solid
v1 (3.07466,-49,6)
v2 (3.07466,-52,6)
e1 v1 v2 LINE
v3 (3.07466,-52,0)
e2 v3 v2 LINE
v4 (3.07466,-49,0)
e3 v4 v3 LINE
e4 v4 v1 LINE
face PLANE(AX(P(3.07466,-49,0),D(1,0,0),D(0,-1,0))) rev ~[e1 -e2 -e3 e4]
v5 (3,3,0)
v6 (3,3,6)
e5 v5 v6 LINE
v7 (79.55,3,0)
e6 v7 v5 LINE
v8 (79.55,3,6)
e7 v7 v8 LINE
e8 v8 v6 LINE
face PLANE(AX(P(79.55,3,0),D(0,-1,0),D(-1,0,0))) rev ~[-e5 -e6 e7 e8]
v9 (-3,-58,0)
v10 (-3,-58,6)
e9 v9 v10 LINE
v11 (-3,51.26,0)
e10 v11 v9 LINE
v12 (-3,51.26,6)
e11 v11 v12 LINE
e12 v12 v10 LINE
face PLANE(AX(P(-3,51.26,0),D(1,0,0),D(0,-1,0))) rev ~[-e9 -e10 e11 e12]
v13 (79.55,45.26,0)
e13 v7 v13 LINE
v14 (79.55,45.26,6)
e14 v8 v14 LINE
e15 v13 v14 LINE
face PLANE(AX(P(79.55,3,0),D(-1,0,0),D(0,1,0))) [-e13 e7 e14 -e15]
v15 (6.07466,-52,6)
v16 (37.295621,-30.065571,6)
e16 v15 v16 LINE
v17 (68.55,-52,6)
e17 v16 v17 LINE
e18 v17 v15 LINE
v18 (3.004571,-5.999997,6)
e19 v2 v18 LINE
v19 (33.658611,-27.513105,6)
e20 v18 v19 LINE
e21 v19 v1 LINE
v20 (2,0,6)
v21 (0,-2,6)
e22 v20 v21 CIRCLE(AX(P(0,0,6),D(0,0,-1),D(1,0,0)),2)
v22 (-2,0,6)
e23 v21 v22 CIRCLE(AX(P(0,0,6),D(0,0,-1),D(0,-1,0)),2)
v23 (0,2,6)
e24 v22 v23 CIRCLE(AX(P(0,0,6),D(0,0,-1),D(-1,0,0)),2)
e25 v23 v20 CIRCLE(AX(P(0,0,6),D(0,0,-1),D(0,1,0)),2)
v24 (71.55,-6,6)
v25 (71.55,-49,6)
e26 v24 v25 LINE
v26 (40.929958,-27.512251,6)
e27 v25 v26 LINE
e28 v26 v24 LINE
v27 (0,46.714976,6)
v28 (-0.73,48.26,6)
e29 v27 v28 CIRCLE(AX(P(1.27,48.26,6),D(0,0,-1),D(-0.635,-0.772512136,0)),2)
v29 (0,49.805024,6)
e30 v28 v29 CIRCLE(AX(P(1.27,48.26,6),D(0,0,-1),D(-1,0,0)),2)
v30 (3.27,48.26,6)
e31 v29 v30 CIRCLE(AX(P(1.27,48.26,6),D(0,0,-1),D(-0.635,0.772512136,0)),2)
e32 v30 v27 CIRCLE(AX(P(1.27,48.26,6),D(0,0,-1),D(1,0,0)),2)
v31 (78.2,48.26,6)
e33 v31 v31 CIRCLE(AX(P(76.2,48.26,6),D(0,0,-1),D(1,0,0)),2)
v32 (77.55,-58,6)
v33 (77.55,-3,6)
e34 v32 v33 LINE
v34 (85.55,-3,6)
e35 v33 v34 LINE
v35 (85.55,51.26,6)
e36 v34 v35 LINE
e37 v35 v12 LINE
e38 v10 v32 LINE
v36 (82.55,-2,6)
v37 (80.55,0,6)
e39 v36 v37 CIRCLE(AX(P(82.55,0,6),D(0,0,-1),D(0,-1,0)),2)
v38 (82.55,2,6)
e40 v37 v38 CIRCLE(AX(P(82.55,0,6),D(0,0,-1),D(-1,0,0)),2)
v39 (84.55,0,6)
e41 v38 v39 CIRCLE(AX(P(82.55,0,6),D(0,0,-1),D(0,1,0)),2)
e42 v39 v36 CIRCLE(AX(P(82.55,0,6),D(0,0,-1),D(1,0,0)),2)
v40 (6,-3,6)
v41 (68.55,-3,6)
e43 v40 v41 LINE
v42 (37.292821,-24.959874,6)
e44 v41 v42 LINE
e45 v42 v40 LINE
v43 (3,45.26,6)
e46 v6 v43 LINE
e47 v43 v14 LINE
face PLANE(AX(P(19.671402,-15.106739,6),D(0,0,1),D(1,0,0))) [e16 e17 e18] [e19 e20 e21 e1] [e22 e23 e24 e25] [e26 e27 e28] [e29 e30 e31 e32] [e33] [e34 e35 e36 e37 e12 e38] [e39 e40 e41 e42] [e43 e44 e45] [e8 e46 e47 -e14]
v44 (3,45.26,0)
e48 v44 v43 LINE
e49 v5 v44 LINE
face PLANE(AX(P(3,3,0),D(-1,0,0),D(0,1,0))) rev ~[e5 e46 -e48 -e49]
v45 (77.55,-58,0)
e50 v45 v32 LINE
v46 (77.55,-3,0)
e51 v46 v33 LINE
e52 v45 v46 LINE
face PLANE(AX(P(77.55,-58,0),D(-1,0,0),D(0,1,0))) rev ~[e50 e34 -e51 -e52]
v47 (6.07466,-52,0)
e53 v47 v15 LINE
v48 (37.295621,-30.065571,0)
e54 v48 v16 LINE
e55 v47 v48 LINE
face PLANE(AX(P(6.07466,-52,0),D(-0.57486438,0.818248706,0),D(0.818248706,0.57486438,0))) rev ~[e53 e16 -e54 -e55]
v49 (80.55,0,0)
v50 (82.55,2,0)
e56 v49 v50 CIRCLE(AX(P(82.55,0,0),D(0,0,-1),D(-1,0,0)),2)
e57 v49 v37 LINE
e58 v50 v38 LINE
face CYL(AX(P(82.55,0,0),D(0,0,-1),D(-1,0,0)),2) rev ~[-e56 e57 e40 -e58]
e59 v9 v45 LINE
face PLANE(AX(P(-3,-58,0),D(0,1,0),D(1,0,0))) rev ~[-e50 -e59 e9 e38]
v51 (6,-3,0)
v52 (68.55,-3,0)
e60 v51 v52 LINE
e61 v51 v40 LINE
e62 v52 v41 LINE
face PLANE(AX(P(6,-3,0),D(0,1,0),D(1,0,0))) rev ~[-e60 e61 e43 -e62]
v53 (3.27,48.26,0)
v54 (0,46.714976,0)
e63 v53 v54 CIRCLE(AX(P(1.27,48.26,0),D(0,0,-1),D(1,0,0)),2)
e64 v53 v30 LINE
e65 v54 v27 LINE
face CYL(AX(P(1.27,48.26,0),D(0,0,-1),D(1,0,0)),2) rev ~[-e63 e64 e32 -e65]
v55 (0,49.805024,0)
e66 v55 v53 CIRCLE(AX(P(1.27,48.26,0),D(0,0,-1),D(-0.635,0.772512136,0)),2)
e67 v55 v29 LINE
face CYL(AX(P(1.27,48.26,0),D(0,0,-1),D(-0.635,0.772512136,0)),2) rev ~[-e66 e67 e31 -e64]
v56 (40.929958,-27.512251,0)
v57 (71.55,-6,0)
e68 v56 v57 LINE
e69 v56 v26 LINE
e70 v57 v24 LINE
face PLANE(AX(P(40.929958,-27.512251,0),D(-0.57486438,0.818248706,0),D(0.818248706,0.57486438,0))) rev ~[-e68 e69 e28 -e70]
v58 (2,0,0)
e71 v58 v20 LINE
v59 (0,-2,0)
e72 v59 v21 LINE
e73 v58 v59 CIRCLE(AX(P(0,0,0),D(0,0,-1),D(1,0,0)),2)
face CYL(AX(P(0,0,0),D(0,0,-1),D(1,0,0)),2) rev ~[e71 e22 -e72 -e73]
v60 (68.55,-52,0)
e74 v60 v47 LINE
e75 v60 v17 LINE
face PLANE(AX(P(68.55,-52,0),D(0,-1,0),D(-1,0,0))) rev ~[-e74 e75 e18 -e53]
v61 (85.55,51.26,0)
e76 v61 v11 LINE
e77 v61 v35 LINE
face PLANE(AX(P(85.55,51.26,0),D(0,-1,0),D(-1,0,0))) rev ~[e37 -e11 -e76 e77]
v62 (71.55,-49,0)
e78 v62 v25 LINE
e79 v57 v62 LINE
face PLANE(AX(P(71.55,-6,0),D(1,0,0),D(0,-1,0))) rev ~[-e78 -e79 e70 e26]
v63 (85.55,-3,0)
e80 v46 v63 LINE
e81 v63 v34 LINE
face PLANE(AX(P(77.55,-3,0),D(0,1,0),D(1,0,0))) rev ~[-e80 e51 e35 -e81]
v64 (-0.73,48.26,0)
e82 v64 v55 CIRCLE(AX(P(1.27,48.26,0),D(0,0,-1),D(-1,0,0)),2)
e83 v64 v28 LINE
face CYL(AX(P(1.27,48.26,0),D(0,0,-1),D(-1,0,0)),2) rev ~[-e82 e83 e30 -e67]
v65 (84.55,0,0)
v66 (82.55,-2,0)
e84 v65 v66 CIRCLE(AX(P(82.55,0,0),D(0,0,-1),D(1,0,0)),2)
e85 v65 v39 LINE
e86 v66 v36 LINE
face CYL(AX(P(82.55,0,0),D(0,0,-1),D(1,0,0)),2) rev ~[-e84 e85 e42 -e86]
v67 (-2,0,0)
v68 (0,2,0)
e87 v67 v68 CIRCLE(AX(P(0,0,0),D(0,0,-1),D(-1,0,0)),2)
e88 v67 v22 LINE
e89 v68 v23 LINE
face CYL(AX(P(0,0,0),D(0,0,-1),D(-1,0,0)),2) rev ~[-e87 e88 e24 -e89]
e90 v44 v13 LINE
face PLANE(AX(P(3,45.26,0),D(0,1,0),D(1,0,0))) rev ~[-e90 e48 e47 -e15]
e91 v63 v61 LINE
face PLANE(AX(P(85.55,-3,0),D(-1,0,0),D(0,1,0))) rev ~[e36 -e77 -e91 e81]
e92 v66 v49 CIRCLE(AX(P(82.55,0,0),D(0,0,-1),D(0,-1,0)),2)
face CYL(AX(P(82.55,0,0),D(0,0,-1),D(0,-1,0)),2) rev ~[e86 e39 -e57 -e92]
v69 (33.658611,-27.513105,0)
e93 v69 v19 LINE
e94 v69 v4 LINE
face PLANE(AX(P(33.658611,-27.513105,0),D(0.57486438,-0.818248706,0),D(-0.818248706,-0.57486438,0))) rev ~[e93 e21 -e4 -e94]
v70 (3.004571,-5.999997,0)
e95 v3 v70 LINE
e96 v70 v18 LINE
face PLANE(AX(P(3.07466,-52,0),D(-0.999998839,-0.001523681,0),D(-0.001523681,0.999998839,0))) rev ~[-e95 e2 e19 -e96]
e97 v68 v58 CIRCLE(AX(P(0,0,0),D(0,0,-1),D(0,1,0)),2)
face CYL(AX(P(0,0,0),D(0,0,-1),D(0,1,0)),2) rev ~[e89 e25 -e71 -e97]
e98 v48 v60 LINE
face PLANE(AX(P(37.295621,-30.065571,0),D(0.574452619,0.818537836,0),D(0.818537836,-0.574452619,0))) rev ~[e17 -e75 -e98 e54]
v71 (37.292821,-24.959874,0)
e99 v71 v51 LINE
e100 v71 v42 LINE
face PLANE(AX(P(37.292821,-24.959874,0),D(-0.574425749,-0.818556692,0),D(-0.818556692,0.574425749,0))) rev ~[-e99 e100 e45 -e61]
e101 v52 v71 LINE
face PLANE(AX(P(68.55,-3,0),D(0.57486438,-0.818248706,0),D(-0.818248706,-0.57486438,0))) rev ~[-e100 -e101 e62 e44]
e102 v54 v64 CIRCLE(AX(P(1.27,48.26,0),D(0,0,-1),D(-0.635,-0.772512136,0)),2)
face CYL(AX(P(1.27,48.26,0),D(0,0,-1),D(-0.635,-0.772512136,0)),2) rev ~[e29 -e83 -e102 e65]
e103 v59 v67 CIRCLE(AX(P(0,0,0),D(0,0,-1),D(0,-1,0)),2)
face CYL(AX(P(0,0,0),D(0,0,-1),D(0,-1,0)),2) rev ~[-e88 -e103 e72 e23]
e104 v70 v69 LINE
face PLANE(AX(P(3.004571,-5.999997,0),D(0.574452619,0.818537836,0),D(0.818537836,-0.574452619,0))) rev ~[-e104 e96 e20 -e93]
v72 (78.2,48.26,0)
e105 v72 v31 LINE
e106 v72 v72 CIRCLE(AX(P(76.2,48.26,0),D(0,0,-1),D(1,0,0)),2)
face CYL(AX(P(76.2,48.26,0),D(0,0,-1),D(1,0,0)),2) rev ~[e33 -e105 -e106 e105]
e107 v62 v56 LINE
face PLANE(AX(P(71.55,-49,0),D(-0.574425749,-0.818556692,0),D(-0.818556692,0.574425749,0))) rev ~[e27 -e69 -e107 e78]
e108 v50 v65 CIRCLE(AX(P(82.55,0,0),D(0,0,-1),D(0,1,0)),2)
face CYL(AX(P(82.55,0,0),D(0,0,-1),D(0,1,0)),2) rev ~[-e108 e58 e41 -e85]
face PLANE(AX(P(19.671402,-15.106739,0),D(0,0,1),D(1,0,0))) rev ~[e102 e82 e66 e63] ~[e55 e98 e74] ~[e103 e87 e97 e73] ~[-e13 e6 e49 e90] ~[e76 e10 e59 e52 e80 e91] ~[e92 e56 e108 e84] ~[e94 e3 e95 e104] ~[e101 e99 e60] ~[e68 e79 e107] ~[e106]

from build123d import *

# Parameters (mm, degrees)
F0_W     = 76.55
F0_H     = 3
F0_W_2   = 3
F0_H_2   = 42.26
F1_DEPTH = 6


with BuildPart() as f1:
    # F0 (on Top) → F1 (new body)
    with BuildSketch(Plane.XY):
        Polygon((6, -3), (3, -3), (3.0045710415, -5.9999965176), (33.6586109907, -27.5131053158), (37.2928210185, -24.9598743989), align=None)
        Polygon((40.9299577603, -27.5122510599), (37.2928210185, -24.9598743989), (33.6586109907, -27.5131053158), (37.2956208473, -30.0655711205), align=None)
        Polygon((71.55, -3), (68.55, -3), (37.2928210185, -24.9598743989), (40.9299577603, -27.5122510599), (71.55, -6), align=None)
        Polygon((71.55, -49), (40.9299577603, -27.5122510599), (37.2956208473, -30.0655711205), (68.55, -52), (71.55, -52), align=None)
        Polygon((3.0746604316, -49), (3.0746604316, -52), (6.0746604316, -52), (37.2956208473, -30.0655711205), (33.6586109907, -27.5131053158), align=None)
        Polygon((3, -3), (0, -3), (-3, -3), (-3, -52), (3.0746604316, -52), (3.0045710415, -5.9999965176), align=None)
        with BuildLine():
            Line((3, 0), (2, 0))
            ThreePointArc((2, 0), (1.4142135624, -1.4142135624), (0, -2))
            Line((0, -2), (0, -3))
            Line((0, -3), (3, -3))
            Line((3, -3), (6, -3))
            Line((6, -3), (68.55, -3))
            Line((68.55, -3), (71.55, -3))
            Line((71.55, -3), (77.55, -3))
            Line((77.55, -3), (82.55, -3))
            Line((82.55, -3), (82.55, -2))
            ThreePointArc((82.55, -2), (81.1357864376, -1.4142135624), (80.55, 0))
            Line((80.55, 0), (79.55, 0))
            Line((79.55, 0), (3, 0))
        make_face()
        with BuildLine():
            Line((0, -3), (0, -2))
            ThreePointArc((0, -2), (-1.4142135624, -1.4142135624), (-2, 0))
            Line((-2, 0), (-3, 0))
            Line((-3, 0), (-3, -3))
            Line((-3, -3), (0, -3))
        make_face()
        Polygon((3.0746604316, -52), (-3, -52), (-3, -58), (3, -58), (71.55, -58), (71.55, -52), (68.55, -52), (6.0746604316, -52), align=None)
        Polygon((77.55, -3), (71.55, -3), (71.55, -6), (71.55, -49), (71.55, -52), (71.55, -58), (77.55, -58), align=None)
        with BuildLine():
            Line((82.55, 3), (82.55, 2))
            ThreePointArc((82.55, 2), (83.9642135624, 1.4142135624), (84.55, 0))
            Line((84.55, 0), (85.55, 0))
            Line((85.55, 0), (85.55, 51.26))
            Line((85.55, 51.26), (0, 51.26))
            Line((0, 51.26), (0, 49.8050242717))
            ThreePointArc((0, 49.8050242717), (2.1244003745, 50.068314132), (3.27, 48.26))
            Line((3.27, 48.26), (74.2, 48.26))
            ThreePointArc((74.2, 48.26), (76.2, 50.26), (78.2, 48.26))
            Line((78.2, 48.26), (82.55, 48.26))
            Line((82.55, 48.26), (82.55, 45.26))
            Line((82.55, 45.26), (82.55, 3))
        make_face()
        with BuildLine():
            ThreePointArc((84.55, 0), (83.9642135624, -1.4142135624), (82.55, -2))
            Line((82.55, -2), (82.55, -3))
            Line((82.55, -3), (83.308570087, -3))
            Line((83.308570087, -3), (85.55, -3))
            Line((85.55, -3), (85.55, 0))
            Line((85.55, 0), (84.55, 0))
        make_face()
        with BuildLine():
            Line((79.55, 3), (79.55, 0))
            Line((79.55, 0), (80.55, 0))
            ThreePointArc((80.55, 0), (81.1357864376, 1.4142135624), (82.55, 2))
            Line((82.55, 2), (82.55, 3))
            Line((82.55, 3), (79.55, 3))
        make_face()
        with Locations((41.275, 1.5)):
            Rectangle(F0_W, F0_H)
        with Locations((81.05, 24.13)):
            Rectangle(F0_W_2, F0_H_2)
        with BuildLine():
            Line((0, 46.7149757283), (0, 45.26))
            Line((0, 45.26), (3, 45.26))
            Line((3, 45.26), (79.55, 45.26))
            Line((79.55, 45.26), (82.55, 45.26))
            Line((82.55, 45.26), (82.55, 48.26))
            Line((82.55, 48.26), (78.2, 48.26))
            ThreePointArc((78.2, 48.26), (76.2, 46.26), (74.2, 48.26))
            Line((74.2, 48.26), (3.27, 48.26))
            ThreePointArc((3.27, 48.26), (2.1244003745, 46.451685868), (0, 46.7149757283))
        make_face()
        with Locations((1.5, 24.13)):
            Rectangle(F0_W_2, F0_H_2)
        with BuildLine():
            ThreePointArc((-2, 0), (-1.4142135624, 1.4142135624), (0, 2))
            Line((0, 2), (0, 3))
            Line((0, 3), (0, 45.26))
            Line((0, 45.26), (0, 46.7149757283))
            ThreePointArc((0, 46.7149757283), (-0.538314132, 47.4055996255), (-0.73, 48.26))
            Line((-0.73, 48.26), (-3, 48.26))
            Line((-3, 48.26), (-3, 0))
            Line((-3, 0), (-2, 0))
        make_face()
        with BuildLine():
            ThreePointArc((0, 2), (1.4142135624, 1.4142135624), (2, 0))
            Line((2, 0), (3, 0))
            Line((3, 0), (3, 3))
            Line((3, 3), (0, 3))
            Line((0, 3), (0, 2))
        make_face()
        with BuildLine():
            Line((-3, 51.26), (-3, 48.26))
            Line((-3, 48.26), (-0.73, 48.26))
            ThreePointArc((-0.73, 48.26), (-0.538314132, 49.1144003745), (0, 49.8050242717))
            Line((0, 49.8050242717), (0, 51.26))
            Line((0, 51.26), (-3, 51.26))
        make_face()
    extrude(amount=F1_DEPTH)


solid = f1.part
